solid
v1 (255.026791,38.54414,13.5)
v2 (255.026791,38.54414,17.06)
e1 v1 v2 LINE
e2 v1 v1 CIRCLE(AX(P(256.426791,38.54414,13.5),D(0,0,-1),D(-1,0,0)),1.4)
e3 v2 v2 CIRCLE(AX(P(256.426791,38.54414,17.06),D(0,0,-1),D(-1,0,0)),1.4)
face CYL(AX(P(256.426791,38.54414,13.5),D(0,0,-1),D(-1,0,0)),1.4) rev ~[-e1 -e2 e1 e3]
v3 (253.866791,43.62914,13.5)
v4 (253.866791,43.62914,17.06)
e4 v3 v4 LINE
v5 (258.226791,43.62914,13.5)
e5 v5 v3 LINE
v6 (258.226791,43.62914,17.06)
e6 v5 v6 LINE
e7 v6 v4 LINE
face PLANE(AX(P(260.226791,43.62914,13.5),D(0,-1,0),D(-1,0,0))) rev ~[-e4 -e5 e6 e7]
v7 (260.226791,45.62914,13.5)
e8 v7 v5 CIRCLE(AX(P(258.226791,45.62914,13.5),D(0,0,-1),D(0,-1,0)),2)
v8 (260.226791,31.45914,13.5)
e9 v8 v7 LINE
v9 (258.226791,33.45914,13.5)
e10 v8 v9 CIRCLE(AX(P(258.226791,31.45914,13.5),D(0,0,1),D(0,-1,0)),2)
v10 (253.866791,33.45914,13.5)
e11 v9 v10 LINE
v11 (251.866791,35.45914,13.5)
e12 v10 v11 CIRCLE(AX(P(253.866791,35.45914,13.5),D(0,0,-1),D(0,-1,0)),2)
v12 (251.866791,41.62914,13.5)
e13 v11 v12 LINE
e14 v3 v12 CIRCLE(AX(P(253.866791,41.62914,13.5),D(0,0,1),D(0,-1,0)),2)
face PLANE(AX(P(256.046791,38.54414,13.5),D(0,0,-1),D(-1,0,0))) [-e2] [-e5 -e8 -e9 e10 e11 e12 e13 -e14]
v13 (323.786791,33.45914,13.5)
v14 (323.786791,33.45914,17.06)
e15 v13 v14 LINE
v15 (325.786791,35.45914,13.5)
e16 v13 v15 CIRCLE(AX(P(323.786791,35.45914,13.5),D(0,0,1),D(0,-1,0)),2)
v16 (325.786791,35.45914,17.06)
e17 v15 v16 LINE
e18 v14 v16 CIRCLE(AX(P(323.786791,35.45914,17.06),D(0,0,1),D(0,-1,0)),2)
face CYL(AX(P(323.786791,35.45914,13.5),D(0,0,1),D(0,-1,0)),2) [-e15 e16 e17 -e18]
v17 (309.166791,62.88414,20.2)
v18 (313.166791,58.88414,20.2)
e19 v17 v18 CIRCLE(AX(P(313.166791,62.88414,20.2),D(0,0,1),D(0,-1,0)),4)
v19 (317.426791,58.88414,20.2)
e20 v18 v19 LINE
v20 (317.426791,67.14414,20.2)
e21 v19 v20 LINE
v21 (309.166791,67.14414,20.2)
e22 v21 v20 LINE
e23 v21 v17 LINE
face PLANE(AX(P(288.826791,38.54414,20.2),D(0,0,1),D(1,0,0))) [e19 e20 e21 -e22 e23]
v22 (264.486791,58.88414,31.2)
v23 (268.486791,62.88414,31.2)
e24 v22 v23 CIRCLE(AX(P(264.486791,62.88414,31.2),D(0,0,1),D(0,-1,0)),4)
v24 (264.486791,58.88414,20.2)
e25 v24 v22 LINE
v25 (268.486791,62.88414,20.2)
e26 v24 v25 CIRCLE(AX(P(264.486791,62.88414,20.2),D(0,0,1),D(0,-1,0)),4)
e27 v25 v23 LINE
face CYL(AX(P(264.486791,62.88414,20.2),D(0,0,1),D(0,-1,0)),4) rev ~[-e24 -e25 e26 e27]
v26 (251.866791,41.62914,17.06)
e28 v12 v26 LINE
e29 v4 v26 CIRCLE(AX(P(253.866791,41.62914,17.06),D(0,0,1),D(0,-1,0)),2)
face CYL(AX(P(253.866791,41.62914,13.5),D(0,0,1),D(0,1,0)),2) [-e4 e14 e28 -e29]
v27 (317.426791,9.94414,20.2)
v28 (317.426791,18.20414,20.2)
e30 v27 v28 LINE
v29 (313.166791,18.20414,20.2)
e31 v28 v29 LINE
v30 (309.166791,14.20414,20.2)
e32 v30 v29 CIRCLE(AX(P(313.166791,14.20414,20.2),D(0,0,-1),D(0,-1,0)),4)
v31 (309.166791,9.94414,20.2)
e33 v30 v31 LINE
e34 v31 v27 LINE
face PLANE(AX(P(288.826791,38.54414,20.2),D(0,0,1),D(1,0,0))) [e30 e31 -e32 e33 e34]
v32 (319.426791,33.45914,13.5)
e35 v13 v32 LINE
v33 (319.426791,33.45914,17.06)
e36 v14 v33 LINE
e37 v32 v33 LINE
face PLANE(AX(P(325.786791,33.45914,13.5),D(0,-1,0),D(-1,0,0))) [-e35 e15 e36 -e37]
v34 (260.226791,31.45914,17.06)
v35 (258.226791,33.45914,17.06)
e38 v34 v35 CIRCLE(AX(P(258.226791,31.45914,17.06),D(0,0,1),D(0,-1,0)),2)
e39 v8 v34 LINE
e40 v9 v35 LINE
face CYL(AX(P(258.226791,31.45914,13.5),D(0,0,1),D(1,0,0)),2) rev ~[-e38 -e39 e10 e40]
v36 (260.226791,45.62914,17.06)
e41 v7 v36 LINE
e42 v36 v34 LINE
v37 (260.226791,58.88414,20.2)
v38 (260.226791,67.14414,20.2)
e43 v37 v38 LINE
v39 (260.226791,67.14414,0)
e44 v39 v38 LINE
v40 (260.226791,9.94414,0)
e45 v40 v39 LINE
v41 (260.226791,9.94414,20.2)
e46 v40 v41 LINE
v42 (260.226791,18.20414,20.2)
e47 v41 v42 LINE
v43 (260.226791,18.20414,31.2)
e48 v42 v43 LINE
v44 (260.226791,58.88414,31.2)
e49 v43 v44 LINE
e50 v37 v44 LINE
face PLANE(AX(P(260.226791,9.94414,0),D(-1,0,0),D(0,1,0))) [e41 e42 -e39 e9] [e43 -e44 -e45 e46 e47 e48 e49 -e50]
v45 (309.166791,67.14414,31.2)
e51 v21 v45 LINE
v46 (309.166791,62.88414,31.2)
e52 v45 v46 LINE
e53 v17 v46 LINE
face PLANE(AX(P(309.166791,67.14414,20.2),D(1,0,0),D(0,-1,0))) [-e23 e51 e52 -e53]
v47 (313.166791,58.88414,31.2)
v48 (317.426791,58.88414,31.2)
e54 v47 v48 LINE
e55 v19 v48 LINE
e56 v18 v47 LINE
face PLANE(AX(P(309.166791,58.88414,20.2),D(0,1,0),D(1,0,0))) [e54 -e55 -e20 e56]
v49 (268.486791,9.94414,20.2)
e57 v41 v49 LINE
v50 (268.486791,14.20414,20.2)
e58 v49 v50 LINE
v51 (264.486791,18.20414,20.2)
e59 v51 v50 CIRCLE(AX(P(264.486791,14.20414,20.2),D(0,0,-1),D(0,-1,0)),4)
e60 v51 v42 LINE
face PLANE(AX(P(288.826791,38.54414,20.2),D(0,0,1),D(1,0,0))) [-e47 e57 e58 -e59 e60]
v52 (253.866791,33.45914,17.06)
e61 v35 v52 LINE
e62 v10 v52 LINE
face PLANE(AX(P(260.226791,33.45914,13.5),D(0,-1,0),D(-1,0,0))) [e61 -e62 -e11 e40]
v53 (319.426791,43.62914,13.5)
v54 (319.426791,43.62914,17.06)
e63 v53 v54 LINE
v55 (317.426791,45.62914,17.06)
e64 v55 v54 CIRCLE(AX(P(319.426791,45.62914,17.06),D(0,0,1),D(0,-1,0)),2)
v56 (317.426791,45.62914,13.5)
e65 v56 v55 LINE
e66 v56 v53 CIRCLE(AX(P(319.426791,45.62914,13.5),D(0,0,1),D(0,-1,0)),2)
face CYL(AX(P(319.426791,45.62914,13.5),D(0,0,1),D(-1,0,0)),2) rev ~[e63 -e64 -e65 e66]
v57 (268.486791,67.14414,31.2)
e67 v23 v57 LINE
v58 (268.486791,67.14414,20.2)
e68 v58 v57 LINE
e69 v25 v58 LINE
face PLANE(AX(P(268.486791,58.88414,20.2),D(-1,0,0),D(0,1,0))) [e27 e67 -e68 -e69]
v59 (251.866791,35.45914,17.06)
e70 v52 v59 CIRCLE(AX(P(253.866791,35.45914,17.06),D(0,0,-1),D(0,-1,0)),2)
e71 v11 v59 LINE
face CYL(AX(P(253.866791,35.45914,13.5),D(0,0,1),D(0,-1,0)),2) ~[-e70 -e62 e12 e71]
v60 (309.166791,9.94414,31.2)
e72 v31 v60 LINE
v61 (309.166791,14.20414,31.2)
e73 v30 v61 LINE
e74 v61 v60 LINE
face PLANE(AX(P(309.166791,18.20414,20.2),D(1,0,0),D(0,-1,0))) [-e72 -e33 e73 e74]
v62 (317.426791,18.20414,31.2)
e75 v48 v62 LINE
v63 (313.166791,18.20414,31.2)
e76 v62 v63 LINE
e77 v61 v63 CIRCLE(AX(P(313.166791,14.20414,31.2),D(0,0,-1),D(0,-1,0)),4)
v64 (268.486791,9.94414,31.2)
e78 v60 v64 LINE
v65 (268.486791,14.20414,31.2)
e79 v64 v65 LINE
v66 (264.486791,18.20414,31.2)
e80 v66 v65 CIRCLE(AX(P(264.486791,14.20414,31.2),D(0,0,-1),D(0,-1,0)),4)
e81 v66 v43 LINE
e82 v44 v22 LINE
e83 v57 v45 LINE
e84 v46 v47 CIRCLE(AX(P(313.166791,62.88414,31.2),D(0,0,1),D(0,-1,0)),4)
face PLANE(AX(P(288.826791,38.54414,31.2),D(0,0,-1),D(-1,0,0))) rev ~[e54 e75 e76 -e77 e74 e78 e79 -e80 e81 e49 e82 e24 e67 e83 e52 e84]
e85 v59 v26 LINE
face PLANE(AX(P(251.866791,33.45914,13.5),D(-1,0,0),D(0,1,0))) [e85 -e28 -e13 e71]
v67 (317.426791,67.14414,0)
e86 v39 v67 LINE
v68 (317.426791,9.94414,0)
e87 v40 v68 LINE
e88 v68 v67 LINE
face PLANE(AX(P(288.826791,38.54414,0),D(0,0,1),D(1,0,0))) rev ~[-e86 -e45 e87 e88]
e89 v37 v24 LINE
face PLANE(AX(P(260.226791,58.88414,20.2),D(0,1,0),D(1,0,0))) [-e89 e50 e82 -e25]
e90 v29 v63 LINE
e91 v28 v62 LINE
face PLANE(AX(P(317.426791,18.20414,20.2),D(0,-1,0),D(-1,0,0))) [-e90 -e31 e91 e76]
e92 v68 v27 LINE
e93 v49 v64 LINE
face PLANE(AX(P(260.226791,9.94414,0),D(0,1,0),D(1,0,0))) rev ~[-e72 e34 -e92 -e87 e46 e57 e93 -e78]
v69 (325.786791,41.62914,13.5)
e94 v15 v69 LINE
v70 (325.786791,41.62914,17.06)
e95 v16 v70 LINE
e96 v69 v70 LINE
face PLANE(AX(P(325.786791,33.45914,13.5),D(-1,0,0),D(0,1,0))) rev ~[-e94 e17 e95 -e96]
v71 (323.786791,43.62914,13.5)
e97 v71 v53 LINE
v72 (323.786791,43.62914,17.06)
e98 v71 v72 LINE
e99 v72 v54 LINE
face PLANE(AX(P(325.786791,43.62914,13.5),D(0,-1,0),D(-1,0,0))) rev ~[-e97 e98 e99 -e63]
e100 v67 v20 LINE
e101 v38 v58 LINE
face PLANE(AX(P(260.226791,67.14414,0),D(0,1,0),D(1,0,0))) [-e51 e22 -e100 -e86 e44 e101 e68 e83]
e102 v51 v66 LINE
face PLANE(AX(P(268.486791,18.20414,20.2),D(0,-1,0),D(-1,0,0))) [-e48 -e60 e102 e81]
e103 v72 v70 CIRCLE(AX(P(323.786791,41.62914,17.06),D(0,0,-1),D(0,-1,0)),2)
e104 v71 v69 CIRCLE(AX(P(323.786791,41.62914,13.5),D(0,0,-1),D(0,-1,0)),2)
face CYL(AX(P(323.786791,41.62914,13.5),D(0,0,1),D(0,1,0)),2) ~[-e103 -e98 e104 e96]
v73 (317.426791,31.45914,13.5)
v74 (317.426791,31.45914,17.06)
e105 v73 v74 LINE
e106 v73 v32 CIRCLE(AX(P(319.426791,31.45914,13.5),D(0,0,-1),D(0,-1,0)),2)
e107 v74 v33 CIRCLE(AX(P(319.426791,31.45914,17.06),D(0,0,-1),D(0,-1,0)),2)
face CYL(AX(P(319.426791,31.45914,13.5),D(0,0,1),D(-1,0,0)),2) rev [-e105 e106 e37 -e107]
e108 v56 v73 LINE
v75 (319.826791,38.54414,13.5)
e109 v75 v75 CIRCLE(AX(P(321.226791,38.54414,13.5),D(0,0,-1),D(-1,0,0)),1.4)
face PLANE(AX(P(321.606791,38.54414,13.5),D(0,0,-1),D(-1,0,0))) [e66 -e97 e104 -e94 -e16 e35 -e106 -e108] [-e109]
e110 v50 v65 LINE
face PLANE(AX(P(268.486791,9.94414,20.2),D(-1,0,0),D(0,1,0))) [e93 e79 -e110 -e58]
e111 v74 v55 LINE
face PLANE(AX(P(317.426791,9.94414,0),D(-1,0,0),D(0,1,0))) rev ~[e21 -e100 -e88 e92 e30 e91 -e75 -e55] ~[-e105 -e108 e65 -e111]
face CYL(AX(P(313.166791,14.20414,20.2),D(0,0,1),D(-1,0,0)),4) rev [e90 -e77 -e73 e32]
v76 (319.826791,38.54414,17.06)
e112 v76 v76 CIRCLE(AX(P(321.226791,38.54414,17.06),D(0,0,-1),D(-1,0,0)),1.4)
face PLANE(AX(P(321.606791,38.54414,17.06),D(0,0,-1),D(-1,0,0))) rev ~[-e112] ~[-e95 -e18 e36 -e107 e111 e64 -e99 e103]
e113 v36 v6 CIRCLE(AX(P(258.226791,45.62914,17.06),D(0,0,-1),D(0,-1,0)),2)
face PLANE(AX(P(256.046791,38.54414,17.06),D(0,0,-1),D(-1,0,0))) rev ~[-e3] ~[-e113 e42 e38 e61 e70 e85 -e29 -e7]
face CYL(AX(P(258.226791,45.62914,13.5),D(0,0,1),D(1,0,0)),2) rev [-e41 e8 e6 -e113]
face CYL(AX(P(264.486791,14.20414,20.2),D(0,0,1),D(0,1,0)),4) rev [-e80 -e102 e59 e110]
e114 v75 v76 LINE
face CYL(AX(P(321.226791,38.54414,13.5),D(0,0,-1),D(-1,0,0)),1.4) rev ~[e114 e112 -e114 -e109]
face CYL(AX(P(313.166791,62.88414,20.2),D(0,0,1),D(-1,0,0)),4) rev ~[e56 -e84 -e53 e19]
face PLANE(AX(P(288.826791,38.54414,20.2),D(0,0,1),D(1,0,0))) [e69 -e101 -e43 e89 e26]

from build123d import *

# Parameters (mm, degrees)
SKETCH_1_W          = 57.2
SKETCH_1_H          = 57.2
EXTRUDE_1_DEPTH     = 20.2
EXTRUDE_2_DEPTH     = 11
FILLET_1_R          = 4
SKETCH_3_W          = 8.36
SKETCH_3_H          = 10.17
EXTRUDE_3_DEPTH     = 3.56
FILLET_2_R          = 2
CUT_EXTRUDE_1_REACH = 335.105
SKETCH_4_R          = 1.4


with BuildPart() as part:
    # 草图1 → 凸台-拉伸1 (new body)
    with BuildSketch(Plane.XY):
        with Locations((288.826790697, 38.544140377)):
            Rectangle(SKETCH_1_W, SKETCH_1_H)
    extrude(amount=EXTRUDE_1_DEPTH)

    # 草图2 → 凸台-拉伸2 (add)
    with BuildSketch(Plane.XY.offset(20.2)):
        Polygon((260.226790697, 58.884140377), (268.486790697, 58.884140377), (268.486790697, 67.144140377), (309.166790697, 67.144140377), (309.166790697, 58.884140377), (317.426790697, 58.884140377), (317.426790697, 18.204140377), (309.166790697, 18.204140377), (309.166790697, 9.944140377), (268.486790697, 9.944140377), (268.486790697, 18.204140377), (260.226790697, 18.204140377), align=None)
    extrude(amount=EXTRUDE_2_DEPTH)

    # 圆角1
    fillet_1_edges = [part.edges().sort_by_distance(p)[0] for p in [
        (268.486790697, 58.884140377, 25.7),
        (268.486790697, 18.204140377, 25.7),
        (309.166790697, 18.204140377, 25.7),
        (309.166790697, 58.884140377, 25.7),
    ]]
    fillet(fillet_1_edges, radius=FILLET_1_R)

    # 草图3 → 凸台-拉伸3 (add)
    with BuildSketch(Plane(origin=(0, 0, 13.5), x_dir=(-1, 0, 0), z_dir=(0, 0, -1))):
        with Locations((-256.046790697, 38.544140377)):
            Rectangle(SKETCH_3_W, SKETCH_3_H)
        with Locations((-321.606790697, 38.544140377)):
            Rectangle(SKETCH_3_W, SKETCH_3_H)
    extrude(amount=-EXTRUDE_3_DEPTH)

    # 圆角2
    fillet_2_edges = [part.edges().sort_by_distance(p)[0] for p in [
        (251.866790697, 43.629140377, 15.28),
        (251.866790697, 33.459140377, 15.28),
        (260.226790697, 33.459140377, 15.28),
        (260.226790697, 43.629140377, 15.28),
        (317.426790697, 43.629140377, 15.28),
        (317.426790697, 33.459140377, 15.28),
        (325.786790697, 33.459140377, 15.28),
        (325.786790697, 43.629140377, 15.28),
    ]]
    fillet(fillet_2_edges, radius=FILLET_2_R)

    # 草图4 → 切除-拉伸1 (cut, up to next)
    with BuildSketch(Plane(origin=(0, 0, 13.5), x_dir=(-1, 0, 0), z_dir=(0, 0, -1)), mode=Mode.PRIVATE) as cut_extrude_1_sk1:
        with Locations((-256.426790697, 38.544140377)):
            Circle(SKETCH_4_R)
    cut_extrude_1_tool1 = extrude(cut_extrude_1_sk1.sketch, amount=-CUT_EXTRUDE_1_REACH, mode=Mode.PRIVATE) & part.part
    # 草图4 → 切除-拉伸1 (cut, up to next)
    with BuildSketch(Plane(origin=(0, 0, 13.5), x_dir=(-1, 0, 0), z_dir=(0, 0, -1)), mode=Mode.PRIVATE) as cut_extrude_1_sk2:
        with Locations((-321.226790697, 38.544140377)):
            Circle(SKETCH_4_R)
    cut_extrude_1_tool2 = extrude(cut_extrude_1_sk2.sketch, amount=-CUT_EXTRUDE_1_REACH, mode=Mode.PRIVATE) & part.part
    add(cut_extrude_1_tool1.solids().sort_by_distance((256.426791, 38.54414, 13.5))[0], mode=Mode.SUBTRACT)
    add(cut_extrude_1_tool2.solids().sort_by_distance((321.226791, 38.54414, 13.5))[0], mode=Mode.SUBTRACT)


solid = part.part
